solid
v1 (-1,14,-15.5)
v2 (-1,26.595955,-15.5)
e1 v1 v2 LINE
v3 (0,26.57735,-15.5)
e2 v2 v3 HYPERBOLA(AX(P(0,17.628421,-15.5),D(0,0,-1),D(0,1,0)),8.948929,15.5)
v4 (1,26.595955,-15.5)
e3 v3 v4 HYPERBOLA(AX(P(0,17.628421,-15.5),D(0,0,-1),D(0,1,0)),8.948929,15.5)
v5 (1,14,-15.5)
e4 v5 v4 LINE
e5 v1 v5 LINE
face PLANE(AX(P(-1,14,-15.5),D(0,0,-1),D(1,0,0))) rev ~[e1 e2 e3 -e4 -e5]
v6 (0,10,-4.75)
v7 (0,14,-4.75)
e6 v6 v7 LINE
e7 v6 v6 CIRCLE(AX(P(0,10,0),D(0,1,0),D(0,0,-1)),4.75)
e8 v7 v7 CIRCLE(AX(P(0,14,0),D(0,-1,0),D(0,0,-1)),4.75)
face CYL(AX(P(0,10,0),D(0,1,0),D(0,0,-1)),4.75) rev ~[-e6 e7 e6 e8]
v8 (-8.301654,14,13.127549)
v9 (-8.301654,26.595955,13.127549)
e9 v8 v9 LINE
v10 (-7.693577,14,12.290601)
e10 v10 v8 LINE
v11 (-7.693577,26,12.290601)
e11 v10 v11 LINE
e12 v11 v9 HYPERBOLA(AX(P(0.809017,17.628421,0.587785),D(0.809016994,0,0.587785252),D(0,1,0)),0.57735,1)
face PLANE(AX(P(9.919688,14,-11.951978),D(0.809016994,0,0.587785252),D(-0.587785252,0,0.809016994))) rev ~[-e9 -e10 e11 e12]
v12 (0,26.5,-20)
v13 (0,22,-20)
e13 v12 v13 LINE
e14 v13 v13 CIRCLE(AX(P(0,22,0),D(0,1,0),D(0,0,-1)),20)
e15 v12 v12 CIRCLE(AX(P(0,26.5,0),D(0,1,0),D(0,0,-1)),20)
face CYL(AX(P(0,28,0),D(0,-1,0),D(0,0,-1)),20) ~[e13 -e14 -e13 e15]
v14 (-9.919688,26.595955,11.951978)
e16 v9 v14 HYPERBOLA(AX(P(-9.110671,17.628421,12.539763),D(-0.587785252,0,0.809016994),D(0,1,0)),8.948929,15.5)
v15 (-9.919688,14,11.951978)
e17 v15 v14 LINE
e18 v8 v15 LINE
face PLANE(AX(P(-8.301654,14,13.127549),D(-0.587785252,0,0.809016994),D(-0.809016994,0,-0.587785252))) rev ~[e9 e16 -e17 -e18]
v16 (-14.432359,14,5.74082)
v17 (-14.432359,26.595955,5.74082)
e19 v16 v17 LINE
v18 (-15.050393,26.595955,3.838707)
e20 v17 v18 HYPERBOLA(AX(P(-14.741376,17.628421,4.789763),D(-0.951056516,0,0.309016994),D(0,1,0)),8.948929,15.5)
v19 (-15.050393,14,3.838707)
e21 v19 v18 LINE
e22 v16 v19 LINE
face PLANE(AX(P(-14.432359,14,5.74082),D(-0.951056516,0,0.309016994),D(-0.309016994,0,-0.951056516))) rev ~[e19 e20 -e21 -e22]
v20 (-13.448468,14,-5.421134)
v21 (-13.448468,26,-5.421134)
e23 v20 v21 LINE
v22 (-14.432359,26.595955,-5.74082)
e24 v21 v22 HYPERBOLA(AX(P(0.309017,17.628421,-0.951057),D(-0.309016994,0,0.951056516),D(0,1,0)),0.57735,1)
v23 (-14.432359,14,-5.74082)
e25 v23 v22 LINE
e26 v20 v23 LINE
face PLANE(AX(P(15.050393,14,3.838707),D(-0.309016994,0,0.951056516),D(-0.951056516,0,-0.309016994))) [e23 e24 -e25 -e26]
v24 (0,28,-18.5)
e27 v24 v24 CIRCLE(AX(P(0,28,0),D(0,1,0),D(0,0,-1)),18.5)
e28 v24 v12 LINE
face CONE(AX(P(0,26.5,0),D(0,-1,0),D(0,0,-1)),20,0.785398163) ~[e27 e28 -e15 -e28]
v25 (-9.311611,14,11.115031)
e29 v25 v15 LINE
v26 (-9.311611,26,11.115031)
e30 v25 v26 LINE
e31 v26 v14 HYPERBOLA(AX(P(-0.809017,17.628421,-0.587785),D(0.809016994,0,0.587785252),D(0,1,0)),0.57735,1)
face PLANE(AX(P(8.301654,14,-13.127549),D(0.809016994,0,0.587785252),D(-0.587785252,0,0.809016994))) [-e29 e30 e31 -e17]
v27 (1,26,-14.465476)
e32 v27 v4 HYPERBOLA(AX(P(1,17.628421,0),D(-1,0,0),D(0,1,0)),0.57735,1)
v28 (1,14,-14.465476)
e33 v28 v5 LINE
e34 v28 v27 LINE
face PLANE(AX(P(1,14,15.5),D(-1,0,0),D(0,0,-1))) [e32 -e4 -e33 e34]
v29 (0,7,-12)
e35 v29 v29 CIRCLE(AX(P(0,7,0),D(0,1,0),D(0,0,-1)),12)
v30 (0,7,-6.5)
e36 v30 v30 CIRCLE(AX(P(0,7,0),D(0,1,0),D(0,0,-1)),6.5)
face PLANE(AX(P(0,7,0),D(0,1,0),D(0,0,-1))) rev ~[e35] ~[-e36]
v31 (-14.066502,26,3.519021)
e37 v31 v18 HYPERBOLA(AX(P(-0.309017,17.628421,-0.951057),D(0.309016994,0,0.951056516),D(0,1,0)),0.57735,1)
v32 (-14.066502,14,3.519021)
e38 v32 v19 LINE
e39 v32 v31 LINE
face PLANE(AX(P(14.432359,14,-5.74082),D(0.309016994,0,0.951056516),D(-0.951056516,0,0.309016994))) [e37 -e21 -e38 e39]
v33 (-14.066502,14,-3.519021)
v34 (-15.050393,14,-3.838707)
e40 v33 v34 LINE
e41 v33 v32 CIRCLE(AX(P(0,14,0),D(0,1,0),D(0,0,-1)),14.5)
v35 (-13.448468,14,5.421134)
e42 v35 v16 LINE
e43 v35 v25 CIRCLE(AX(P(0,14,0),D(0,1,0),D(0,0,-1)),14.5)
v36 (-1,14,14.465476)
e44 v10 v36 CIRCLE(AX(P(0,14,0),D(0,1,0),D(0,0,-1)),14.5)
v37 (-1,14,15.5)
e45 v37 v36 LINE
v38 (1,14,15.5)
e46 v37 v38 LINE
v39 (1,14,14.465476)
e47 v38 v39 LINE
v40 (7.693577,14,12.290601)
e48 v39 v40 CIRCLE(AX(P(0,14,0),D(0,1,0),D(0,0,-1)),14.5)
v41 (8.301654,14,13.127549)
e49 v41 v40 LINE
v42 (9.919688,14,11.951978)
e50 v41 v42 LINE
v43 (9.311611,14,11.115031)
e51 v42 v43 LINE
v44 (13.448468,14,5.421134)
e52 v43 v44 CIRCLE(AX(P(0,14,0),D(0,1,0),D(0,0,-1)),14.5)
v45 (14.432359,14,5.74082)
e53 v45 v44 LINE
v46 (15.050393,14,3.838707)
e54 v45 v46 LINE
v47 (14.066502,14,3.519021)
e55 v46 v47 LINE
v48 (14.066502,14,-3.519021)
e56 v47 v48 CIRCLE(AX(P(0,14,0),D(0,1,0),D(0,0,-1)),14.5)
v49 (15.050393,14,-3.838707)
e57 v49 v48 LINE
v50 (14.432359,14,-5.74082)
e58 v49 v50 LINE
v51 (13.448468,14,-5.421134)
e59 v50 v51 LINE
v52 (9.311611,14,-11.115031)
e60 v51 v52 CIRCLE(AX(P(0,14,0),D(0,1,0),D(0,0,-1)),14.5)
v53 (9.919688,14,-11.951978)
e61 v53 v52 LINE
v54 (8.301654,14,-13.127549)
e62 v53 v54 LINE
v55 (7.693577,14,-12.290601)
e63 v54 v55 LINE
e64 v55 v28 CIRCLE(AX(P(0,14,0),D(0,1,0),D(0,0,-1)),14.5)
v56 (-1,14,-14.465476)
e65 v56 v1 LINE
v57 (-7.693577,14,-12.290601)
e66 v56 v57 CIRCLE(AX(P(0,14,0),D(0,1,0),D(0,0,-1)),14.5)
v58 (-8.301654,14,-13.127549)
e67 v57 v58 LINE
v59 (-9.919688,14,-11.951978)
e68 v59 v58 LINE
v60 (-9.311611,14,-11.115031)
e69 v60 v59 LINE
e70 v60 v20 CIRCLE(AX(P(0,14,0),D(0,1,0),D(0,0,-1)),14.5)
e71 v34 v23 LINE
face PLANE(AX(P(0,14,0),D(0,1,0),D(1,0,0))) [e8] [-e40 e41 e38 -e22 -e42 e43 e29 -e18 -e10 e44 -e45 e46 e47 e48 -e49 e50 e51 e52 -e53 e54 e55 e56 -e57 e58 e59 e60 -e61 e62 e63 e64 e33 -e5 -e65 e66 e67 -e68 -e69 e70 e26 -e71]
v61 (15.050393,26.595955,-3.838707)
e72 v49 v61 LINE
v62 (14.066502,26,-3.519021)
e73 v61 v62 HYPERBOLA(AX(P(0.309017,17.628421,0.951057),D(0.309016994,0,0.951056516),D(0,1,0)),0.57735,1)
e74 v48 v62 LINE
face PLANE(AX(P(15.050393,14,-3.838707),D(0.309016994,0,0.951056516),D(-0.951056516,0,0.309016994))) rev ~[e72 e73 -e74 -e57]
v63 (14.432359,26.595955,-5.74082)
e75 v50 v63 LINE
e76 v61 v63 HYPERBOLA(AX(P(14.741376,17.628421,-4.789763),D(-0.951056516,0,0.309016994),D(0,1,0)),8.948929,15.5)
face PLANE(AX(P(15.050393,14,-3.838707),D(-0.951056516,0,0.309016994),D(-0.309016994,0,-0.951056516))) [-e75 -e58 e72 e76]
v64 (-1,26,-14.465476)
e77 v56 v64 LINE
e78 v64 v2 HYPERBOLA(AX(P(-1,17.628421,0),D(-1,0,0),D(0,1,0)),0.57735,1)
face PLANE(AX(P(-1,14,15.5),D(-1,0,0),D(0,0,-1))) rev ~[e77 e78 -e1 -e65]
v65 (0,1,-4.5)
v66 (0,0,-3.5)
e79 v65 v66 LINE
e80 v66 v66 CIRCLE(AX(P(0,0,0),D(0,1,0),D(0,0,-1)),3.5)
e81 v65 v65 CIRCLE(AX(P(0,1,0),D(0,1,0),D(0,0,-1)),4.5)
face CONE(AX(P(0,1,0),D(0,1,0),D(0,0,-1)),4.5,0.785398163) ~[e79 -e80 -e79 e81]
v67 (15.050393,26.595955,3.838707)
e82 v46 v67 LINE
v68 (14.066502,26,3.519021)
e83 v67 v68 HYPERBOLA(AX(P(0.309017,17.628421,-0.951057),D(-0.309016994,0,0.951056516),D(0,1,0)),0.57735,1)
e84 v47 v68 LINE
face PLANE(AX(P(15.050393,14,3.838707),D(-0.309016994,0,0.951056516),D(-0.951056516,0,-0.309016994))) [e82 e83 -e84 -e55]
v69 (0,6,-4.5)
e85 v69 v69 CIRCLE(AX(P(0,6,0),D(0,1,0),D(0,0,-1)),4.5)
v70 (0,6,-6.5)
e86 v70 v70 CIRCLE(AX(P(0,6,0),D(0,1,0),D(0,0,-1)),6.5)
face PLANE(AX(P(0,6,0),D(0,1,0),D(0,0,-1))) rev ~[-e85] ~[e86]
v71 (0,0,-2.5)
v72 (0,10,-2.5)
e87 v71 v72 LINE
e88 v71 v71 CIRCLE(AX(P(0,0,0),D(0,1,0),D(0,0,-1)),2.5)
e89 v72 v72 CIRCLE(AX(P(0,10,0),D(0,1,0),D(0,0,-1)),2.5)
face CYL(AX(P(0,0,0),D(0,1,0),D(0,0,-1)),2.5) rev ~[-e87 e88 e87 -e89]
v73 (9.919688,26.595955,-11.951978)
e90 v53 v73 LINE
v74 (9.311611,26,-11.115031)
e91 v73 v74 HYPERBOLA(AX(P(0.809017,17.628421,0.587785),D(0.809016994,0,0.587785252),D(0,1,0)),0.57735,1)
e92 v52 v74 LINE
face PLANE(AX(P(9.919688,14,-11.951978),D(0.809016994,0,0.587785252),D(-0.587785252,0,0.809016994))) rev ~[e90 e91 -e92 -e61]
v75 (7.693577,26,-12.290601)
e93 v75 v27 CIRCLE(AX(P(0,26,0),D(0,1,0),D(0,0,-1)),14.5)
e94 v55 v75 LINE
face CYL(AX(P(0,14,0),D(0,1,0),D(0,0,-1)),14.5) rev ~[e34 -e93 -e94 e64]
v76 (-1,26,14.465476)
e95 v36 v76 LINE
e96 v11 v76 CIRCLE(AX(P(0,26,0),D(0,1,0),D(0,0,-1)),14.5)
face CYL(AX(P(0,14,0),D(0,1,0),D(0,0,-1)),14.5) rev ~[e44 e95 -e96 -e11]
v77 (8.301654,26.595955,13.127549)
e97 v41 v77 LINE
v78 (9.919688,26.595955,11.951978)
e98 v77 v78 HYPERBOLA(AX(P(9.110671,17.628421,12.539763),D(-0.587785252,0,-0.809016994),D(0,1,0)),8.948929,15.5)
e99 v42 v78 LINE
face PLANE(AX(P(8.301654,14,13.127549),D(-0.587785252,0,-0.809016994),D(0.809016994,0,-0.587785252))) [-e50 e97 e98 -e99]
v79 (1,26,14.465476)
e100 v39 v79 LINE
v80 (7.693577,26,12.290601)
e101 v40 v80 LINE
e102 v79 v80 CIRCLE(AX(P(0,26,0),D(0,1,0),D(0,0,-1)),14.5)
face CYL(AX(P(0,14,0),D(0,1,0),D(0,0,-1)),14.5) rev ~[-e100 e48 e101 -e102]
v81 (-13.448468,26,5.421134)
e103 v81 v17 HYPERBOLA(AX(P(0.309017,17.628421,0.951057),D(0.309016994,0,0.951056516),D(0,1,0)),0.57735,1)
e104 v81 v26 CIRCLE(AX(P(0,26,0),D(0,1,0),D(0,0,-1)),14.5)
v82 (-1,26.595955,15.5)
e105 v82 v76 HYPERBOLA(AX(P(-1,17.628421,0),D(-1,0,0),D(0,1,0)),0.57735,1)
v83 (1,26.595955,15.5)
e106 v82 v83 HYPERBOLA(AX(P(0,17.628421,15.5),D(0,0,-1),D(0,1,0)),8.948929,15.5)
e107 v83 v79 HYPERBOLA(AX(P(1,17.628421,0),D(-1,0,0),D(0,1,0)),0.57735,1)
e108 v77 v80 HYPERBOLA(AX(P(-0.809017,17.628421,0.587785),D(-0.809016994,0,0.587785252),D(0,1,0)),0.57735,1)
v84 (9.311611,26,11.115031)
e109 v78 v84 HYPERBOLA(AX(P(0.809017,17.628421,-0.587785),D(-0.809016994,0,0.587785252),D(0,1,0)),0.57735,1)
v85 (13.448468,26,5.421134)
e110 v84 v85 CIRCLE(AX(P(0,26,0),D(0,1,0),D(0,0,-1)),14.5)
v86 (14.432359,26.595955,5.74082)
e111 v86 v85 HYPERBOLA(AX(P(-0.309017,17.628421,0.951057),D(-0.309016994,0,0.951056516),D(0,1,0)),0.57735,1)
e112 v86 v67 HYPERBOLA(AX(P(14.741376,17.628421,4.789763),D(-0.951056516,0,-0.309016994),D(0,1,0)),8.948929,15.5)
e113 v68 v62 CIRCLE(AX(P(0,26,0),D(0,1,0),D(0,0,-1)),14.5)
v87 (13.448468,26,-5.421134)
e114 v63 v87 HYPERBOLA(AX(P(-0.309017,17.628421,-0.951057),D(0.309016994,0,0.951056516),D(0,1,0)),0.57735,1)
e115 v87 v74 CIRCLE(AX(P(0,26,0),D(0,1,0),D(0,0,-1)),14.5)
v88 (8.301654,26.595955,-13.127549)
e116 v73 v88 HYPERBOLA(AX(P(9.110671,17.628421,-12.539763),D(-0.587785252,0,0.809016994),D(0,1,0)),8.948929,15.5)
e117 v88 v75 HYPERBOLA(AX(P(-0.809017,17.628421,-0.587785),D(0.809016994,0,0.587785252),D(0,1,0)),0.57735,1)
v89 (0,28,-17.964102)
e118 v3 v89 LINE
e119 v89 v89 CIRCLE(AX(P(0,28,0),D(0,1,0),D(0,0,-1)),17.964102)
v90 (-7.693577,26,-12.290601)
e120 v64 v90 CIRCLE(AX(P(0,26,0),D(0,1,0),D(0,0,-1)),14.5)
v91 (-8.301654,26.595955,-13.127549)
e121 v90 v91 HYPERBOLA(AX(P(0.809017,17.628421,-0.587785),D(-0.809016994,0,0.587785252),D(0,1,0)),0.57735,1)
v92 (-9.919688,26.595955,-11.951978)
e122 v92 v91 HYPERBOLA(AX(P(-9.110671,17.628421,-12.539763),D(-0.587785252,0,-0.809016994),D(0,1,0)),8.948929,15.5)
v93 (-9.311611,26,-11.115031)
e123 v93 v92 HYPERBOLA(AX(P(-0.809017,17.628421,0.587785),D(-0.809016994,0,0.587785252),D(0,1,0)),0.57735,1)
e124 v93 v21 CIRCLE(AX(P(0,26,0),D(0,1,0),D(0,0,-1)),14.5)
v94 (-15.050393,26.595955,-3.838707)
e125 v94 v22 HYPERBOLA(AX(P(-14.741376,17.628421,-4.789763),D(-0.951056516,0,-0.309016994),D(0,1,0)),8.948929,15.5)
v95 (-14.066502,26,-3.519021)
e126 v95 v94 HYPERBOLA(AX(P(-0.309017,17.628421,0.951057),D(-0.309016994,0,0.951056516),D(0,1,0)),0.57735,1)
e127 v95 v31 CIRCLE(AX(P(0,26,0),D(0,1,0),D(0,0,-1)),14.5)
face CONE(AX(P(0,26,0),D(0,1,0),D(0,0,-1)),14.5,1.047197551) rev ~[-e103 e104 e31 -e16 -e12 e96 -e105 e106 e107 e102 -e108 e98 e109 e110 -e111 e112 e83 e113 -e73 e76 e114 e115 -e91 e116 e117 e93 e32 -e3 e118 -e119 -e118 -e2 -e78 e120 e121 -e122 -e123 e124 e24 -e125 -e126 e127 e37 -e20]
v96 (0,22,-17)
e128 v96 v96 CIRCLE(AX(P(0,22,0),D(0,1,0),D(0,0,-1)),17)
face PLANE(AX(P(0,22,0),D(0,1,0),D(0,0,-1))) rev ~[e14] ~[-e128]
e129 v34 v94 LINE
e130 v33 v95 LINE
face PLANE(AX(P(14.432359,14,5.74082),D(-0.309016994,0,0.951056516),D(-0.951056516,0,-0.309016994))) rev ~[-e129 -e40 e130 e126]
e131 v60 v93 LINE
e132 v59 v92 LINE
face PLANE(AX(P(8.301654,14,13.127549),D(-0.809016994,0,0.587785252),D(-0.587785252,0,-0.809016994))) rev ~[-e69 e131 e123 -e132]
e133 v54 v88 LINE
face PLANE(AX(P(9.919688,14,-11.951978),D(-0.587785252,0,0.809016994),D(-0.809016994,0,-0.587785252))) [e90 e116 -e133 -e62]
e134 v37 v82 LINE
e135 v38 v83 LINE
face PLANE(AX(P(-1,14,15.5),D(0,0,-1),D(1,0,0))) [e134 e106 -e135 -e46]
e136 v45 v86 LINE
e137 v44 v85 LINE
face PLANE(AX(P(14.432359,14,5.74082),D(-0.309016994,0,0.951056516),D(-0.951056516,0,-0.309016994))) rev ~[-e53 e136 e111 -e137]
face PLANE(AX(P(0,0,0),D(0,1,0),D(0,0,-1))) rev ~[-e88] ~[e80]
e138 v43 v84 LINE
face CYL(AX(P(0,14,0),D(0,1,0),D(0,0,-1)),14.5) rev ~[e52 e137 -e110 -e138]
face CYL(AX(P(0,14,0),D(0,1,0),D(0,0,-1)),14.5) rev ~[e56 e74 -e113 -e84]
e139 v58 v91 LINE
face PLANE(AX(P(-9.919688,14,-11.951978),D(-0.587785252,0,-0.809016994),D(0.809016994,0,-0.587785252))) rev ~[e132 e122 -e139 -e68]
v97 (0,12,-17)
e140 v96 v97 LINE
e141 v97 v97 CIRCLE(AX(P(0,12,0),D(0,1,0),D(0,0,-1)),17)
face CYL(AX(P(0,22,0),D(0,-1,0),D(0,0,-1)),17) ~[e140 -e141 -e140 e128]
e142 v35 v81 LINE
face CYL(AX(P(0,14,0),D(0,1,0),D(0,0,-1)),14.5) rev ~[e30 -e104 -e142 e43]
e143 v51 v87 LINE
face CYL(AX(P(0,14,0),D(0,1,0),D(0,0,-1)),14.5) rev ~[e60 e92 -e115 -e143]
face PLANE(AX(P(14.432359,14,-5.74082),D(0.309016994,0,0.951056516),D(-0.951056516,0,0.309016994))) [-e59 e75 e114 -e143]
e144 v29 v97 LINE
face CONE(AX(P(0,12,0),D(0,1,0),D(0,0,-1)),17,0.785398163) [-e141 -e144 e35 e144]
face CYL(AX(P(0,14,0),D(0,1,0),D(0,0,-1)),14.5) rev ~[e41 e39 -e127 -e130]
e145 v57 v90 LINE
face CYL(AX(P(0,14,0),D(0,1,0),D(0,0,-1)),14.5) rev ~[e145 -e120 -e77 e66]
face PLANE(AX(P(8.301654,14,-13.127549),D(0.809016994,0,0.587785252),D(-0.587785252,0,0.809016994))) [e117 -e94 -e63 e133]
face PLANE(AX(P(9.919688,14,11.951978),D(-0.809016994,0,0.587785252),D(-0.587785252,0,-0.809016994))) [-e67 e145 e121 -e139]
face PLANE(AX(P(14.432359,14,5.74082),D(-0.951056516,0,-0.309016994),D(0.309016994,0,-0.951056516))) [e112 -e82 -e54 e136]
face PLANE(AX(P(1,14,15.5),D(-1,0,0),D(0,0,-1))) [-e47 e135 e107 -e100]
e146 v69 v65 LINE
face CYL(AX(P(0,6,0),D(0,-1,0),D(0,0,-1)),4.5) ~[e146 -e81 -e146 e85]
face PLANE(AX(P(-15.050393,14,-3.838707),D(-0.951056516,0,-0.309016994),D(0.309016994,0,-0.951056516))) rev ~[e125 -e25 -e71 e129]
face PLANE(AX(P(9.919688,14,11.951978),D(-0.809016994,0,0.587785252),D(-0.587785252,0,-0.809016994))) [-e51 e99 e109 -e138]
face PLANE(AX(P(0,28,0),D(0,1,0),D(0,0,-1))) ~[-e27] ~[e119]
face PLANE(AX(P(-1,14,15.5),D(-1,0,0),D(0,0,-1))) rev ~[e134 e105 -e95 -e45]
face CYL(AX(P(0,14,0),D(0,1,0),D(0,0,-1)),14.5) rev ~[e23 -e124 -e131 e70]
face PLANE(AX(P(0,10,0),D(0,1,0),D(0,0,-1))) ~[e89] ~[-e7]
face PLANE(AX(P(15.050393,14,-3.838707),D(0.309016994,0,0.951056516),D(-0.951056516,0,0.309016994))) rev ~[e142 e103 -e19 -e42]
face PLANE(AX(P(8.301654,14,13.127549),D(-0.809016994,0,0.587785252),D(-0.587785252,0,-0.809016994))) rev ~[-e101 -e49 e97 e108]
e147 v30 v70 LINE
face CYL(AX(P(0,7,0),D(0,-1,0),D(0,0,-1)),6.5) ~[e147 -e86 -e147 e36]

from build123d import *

# Parameters (mm, degrees)
CHAMFER_1_SIZE           = 2
CHAMFER_1_SIZE2          = 3.464101615
CHAMFER_2_SIZE           = 1.5
SKETCH_2_W               = 2
SKETCH_2_H               = 31
CUT_EXTRUDE_1_DEPTH      = 32.559467676
PATTERN_CIRCULAR_1_COUNT = 10
CHAMFER_3_SIZE           = 5
CHAMFER_4_SIZE           = 1


with BuildPart() as part:
    # 草图1 → 旋转1 (revolve)
    with BuildSketch(Plane.XY, mode=Mode.PRIVATE) as revolve_1_sk:
        Polygon((-2.5, 0), (-2.5, 10), (-4.75, 10), (-4.75, 14), (-14.5, 14), (-14.5, 28), (-20, 28), (-20, 22), (-17, 22), (-17, 7), (-6.5, 7), (-6.5, 6), (-4.5, 6), (-4.5, 0), align=None)
    revolve(revolve_1_sk.sketch.rotate(Axis((0, 0, 0), (0, 1, 0)), 270), axis=Axis((0, 0, 0), (0, 1, 0)))

    # 倒角1
    chamfer_1_edges = [part.edges().sort_by_distance(p)[0] for p in [
        (0, 28, 14.5),
    ]]
    chamfer_1_side = [part.faces().sort_by_distance(p)[0] for p in [
        (0, 21, 14.5),
    ]]
    chamfer(chamfer_1_edges, length=CHAMFER_1_SIZE, length2=CHAMFER_1_SIZE2, reference=chamfer_1_side[0])

    # 倒角2
    chamfer_2_edges = [part.edges().sort_by_distance(p)[0] for p in [
        (0, 28, 20),
    ]]
    chamfer(chamfer_2_edges, length=CHAMFER_2_SIZE)

    # 草图2 → 切除-拉伸1 (cut, through all)
    with BuildSketch(Plane(origin=(0, 14, 0), x_dir=(1, 0, 0), z_dir=(0, 1, 0))):
        Rectangle(SKETCH_2_W, SKETCH_2_H)
    cut_extrude_1 = extrude(amount=CUT_EXTRUDE_1_DEPTH, mode=Mode.SUBTRACT)

    # 阵列(圆周)1: 切除-拉伸1 ×10 about axis
    pattern_circular_1_axis = Axis((0, 0, 0), (0, 1, 0))
    for i in range(1, PATTERN_CIRCULAR_1_COUNT):
        add(cut_extrude_1.rotate(pattern_circular_1_axis, i * 360 / PATTERN_CIRCULAR_1_COUNT), mode=Mode.SUBTRACT)

    # 倒角3
    chamfer_3_edges = [part.edges().sort_by_distance(p)[0] for p in [
        (0, 7, 17),
    ]]
    chamfer(chamfer_3_edges, length=CHAMFER_3_SIZE)

    # 倒角4
    chamfer_4_edges = [part.edges().sort_by_distance(p)[0] for p in [
        (0, 0, 4.5),
    ]]
    chamfer(chamfer_4_edges, length=CHAMFER_4_SIZE)


solid = part.part
